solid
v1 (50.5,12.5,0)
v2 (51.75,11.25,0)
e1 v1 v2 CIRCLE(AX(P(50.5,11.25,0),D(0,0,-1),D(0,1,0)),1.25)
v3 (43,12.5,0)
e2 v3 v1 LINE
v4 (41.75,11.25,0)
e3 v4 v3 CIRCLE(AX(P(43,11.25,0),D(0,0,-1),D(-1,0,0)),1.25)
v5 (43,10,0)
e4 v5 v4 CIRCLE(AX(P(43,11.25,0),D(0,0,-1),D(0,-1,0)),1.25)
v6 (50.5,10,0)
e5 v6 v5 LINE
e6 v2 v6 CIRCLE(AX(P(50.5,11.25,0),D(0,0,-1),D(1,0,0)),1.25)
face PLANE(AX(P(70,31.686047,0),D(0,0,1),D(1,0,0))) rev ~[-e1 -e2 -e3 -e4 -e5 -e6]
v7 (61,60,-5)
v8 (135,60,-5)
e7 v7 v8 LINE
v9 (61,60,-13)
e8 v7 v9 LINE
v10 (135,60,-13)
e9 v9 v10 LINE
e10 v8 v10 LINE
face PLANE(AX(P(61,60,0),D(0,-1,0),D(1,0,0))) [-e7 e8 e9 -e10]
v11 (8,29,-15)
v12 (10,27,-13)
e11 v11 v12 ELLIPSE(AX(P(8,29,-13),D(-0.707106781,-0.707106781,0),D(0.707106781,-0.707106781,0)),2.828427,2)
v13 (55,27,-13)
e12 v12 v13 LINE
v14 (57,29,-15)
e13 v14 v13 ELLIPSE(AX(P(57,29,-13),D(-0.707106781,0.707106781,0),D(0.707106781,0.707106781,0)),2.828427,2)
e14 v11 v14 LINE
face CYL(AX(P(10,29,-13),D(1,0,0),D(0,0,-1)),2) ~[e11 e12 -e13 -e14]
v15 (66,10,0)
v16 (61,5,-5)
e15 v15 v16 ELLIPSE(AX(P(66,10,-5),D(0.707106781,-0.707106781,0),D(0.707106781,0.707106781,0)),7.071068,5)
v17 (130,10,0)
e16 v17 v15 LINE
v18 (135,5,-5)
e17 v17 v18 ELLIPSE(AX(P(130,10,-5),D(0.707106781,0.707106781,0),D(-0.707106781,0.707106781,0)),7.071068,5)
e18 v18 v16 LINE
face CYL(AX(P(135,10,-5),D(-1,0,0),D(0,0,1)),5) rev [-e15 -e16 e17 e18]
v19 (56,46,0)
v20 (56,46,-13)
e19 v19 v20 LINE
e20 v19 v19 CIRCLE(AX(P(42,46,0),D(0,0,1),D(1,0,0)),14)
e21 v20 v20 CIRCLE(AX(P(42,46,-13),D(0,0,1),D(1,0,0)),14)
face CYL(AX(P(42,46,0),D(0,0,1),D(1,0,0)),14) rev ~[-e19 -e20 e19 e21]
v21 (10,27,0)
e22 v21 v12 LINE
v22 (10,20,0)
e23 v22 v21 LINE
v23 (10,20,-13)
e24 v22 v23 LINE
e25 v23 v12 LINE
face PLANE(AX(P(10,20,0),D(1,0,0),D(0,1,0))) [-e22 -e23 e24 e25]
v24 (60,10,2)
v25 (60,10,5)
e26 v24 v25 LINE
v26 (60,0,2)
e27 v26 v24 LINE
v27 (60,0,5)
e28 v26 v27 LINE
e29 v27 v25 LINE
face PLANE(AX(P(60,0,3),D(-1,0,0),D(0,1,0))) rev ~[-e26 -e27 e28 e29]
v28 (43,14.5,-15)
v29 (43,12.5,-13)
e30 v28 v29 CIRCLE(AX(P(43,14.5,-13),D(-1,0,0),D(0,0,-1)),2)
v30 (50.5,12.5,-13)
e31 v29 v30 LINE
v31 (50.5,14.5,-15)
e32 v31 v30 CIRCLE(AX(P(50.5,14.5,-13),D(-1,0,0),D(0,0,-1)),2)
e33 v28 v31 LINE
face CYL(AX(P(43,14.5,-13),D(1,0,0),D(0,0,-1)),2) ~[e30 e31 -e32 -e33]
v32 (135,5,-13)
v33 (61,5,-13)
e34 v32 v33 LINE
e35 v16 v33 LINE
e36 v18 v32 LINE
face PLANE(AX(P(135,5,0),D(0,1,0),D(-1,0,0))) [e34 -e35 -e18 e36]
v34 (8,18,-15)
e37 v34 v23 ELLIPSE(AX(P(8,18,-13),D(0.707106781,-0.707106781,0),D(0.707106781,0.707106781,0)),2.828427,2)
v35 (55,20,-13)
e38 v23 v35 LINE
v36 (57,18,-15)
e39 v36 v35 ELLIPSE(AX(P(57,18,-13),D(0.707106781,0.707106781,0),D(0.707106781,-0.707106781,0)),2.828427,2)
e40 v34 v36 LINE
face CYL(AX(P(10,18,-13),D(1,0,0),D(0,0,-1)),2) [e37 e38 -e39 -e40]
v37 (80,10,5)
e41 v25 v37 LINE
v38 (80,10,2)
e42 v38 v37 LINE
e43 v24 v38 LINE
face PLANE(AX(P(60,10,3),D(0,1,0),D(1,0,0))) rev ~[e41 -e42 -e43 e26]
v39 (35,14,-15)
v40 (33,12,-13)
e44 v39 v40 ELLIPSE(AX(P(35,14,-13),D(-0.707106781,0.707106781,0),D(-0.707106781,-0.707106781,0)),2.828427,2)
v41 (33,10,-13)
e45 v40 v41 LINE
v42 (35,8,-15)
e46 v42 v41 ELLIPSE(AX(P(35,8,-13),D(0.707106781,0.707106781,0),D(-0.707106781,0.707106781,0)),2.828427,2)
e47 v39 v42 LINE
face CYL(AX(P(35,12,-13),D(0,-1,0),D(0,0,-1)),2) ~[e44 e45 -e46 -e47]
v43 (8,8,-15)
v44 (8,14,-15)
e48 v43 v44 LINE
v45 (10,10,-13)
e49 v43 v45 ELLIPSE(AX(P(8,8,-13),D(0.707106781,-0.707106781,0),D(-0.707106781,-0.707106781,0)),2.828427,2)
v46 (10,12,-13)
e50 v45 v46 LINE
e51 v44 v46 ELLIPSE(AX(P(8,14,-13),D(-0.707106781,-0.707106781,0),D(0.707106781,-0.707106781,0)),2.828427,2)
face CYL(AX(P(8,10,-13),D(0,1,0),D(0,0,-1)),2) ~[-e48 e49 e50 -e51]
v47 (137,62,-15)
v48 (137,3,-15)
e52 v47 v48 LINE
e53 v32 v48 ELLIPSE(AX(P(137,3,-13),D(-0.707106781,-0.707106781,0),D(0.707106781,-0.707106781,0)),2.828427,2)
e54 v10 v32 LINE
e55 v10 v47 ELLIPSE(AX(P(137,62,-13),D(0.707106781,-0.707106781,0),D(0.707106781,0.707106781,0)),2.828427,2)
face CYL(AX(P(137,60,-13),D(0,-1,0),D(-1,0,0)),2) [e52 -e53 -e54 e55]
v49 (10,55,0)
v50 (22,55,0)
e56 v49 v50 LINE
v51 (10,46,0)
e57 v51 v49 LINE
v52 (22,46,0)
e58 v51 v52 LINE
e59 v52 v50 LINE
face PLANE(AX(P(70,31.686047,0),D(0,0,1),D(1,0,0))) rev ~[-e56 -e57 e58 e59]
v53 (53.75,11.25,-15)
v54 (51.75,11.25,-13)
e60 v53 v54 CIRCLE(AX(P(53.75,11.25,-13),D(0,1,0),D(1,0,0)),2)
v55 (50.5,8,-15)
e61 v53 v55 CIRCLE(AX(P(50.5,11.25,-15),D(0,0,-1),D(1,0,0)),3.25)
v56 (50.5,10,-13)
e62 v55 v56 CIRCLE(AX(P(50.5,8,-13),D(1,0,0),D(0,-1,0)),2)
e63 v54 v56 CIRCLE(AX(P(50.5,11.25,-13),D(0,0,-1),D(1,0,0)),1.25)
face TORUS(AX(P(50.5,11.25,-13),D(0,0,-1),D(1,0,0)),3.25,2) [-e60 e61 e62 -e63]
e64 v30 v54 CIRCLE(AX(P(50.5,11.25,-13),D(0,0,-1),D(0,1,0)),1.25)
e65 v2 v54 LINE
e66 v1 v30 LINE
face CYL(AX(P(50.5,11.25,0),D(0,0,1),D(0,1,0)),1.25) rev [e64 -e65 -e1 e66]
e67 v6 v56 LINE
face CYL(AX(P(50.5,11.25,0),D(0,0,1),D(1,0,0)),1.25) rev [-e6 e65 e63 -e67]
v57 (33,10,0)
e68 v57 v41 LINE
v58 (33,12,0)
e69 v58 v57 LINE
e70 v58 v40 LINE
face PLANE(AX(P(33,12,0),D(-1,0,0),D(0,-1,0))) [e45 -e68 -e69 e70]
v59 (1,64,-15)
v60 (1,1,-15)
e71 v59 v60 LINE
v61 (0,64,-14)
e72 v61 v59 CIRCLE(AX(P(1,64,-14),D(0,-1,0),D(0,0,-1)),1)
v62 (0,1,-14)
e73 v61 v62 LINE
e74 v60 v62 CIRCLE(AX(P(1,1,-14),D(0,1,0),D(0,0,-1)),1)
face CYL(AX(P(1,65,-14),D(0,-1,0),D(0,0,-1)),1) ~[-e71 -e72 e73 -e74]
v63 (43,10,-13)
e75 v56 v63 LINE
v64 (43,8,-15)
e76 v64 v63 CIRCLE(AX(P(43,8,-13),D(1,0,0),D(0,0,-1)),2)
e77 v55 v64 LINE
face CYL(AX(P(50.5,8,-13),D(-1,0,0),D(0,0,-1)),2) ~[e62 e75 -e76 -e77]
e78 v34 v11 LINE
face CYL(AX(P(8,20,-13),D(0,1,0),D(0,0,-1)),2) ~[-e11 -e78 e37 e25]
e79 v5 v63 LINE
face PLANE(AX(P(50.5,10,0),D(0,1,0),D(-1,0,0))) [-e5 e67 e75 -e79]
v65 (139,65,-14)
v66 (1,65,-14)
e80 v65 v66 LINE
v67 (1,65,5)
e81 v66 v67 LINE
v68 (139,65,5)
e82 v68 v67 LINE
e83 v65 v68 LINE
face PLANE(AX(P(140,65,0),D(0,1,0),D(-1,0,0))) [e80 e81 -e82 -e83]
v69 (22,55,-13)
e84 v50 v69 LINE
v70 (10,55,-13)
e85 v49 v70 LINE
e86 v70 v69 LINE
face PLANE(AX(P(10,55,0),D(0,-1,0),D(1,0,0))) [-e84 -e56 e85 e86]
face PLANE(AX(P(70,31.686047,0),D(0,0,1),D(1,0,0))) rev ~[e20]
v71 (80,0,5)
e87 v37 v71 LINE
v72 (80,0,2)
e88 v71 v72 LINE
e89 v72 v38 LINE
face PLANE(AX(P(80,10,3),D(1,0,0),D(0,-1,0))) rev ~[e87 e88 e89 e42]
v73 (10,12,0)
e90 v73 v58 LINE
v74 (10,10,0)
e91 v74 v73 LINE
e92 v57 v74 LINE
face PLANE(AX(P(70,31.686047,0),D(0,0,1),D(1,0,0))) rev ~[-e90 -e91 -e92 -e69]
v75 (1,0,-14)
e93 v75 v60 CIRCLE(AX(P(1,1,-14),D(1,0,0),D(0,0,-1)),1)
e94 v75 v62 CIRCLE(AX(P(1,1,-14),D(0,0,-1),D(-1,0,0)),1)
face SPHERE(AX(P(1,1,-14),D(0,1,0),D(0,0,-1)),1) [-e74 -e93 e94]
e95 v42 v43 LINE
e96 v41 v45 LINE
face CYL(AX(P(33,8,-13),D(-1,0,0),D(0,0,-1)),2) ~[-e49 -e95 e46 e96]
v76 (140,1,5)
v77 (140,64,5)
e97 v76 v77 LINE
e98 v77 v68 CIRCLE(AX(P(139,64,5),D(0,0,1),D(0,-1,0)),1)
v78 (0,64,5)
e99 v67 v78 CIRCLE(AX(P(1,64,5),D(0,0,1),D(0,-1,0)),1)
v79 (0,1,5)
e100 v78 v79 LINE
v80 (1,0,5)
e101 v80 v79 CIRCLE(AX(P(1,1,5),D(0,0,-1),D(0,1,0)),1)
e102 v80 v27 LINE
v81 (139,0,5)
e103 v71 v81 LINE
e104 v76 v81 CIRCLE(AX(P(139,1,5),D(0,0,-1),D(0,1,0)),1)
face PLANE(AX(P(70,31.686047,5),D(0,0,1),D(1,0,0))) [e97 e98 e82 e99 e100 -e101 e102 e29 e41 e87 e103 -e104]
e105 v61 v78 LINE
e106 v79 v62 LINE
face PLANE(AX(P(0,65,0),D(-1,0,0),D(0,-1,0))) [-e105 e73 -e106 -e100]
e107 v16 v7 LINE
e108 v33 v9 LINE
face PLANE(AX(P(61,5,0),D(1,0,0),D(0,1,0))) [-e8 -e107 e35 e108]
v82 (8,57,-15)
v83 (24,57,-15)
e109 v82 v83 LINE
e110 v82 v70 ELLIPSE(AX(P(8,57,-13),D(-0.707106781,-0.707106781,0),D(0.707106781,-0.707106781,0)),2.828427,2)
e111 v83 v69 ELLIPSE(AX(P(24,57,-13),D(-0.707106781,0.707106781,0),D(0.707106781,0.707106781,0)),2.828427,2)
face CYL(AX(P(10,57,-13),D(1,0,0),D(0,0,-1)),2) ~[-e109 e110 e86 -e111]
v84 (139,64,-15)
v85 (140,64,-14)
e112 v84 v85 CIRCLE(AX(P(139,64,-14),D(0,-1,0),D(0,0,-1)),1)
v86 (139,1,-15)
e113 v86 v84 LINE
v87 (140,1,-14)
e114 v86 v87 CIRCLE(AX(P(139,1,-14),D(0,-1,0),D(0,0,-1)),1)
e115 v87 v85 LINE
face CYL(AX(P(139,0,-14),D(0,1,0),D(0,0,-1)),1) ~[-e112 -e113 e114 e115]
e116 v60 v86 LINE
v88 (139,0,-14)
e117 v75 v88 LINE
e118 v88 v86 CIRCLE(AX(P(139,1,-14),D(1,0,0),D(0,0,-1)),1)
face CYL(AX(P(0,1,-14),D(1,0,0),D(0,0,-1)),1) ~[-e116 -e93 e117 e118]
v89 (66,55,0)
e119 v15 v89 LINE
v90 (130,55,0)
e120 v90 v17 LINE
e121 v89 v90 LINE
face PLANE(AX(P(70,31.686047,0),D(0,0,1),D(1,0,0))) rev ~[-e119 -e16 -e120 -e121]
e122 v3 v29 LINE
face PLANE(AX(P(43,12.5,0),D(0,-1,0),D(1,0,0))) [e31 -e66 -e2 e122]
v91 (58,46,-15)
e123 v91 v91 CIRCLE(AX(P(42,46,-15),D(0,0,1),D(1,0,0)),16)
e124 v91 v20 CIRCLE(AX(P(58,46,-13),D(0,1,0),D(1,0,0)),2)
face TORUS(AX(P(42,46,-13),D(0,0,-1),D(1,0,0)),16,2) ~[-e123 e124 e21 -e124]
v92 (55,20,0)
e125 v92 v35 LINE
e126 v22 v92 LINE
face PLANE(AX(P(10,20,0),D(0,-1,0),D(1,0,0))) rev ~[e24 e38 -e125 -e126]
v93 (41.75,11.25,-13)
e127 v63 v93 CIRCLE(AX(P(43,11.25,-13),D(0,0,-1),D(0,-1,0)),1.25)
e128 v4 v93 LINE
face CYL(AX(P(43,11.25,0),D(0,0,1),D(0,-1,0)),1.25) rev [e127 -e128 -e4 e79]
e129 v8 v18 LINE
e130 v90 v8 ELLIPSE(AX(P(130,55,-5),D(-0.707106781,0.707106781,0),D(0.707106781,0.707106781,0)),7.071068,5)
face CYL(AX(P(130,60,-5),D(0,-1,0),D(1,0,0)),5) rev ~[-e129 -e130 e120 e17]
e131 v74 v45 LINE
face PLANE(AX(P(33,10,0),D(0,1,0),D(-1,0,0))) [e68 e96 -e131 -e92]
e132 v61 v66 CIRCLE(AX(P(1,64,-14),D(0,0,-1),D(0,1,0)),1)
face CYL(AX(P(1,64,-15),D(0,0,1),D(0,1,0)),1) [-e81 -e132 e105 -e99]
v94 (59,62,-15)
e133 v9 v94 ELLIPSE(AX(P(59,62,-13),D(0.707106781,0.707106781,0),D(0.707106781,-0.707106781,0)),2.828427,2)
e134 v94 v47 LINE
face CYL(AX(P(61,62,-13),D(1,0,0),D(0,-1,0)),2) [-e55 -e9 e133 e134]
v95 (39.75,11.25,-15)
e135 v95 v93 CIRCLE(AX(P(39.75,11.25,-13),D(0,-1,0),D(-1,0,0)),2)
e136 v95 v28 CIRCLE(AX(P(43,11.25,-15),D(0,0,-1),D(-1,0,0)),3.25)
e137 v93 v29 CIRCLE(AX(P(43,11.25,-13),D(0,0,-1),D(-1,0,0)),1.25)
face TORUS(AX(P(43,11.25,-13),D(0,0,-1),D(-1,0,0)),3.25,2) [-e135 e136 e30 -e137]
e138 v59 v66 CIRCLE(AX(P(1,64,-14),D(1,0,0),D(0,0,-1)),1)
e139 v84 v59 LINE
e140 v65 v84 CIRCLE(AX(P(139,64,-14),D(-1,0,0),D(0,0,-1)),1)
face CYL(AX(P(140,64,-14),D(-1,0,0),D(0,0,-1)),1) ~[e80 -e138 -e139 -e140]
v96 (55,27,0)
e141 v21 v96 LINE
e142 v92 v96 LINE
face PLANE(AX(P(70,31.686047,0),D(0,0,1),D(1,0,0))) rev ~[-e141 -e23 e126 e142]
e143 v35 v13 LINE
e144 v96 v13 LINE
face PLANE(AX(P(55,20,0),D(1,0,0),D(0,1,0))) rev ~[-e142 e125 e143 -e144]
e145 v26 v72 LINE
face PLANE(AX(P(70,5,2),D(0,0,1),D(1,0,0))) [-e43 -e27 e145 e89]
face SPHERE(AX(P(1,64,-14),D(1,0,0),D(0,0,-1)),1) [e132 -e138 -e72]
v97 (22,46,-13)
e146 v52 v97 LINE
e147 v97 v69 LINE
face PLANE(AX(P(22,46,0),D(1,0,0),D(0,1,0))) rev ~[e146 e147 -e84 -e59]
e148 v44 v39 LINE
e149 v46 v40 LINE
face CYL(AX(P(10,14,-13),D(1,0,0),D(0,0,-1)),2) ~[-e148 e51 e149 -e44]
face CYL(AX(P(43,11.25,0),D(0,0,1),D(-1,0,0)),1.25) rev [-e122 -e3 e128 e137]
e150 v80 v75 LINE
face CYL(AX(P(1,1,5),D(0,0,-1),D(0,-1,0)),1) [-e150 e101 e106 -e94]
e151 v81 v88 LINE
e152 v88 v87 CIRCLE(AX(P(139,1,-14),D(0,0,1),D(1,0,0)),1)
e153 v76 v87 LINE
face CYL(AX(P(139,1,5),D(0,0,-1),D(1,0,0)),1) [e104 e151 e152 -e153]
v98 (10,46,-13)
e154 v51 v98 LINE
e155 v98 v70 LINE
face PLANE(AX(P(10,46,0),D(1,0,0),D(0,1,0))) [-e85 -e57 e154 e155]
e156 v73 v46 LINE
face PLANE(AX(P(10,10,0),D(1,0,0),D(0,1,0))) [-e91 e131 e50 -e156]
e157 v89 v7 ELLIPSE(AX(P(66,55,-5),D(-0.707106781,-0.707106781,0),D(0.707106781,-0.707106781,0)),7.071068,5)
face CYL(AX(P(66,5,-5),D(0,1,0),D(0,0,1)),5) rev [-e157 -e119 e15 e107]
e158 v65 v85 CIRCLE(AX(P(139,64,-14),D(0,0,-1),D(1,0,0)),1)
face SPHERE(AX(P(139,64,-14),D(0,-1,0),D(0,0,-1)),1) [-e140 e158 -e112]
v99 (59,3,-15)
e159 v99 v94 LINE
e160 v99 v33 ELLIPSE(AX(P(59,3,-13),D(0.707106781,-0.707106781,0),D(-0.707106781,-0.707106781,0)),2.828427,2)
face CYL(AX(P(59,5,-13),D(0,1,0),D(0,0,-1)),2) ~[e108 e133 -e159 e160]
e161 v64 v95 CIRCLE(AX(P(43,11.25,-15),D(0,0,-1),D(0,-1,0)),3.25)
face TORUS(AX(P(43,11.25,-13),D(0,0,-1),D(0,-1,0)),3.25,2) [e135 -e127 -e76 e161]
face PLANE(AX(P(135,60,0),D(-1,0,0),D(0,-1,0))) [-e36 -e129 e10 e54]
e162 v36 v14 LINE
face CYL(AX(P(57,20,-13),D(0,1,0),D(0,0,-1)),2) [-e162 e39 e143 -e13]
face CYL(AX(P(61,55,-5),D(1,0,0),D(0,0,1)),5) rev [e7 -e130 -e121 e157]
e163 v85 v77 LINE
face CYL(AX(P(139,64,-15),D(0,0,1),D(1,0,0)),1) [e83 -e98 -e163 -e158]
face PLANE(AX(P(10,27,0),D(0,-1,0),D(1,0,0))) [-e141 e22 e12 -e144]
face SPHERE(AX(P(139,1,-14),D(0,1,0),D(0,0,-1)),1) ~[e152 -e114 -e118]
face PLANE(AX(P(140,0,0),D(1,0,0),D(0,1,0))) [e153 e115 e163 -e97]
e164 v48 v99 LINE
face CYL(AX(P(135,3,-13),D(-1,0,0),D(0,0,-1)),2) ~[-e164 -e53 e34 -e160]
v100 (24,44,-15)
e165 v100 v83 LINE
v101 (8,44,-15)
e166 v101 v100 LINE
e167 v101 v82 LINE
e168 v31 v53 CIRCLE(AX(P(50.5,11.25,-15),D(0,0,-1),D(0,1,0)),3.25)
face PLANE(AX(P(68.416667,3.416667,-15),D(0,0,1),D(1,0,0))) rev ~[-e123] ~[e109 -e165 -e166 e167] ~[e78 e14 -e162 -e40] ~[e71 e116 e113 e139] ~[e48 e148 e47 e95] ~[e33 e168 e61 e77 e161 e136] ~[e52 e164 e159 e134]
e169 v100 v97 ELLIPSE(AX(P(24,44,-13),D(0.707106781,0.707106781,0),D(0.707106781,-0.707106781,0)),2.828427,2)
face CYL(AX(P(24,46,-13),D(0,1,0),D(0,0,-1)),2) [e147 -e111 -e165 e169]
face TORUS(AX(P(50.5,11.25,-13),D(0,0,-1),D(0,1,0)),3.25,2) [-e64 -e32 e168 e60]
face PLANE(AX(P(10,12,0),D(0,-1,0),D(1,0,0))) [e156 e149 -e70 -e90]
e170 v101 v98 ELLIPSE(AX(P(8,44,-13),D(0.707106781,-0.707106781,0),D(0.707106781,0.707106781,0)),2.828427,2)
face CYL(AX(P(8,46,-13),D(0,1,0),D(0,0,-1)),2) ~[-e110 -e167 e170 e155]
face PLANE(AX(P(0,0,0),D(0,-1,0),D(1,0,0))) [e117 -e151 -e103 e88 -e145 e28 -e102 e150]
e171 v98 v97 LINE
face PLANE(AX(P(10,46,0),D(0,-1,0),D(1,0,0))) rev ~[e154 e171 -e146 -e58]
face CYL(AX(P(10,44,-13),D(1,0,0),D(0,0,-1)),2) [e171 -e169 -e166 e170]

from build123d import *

# Parameters (mm, degrees)
F1_DEPTH = 3
F0_W     = 20
F0_H     = 10
F2_DEPTH = 2
F3_W     = 45
F3_H     = 7
F3_R     = 14
F3_W_2   = 12
F3_H_2   = 9
F4_DEPTH = 15
F5_R     = 5
F6_R     = 2
F7_R     = 1


with BuildPart() as f1:
    # F0 (on Top) → F1 (new body)
    with BuildSketch(Plane.XY):
        Polygon((0, 65), (0, 0), (60, 0), (60, 10), (80, 10), (80, 0), (140, 0), (140, 65), align=None)
    extrude(amount=F1_DEPTH)

    # F1_face (on face) + F0 (on Top) → F2 (join)
    with BuildSketch(Plane(origin=(70, 33.1179775281, 3), x_dir=(1, 0, 0), z_dir=(0, 0, 1))):
        Polygon((-70, 31.8820224719), (-70, -33.1179775281), (-10, -33.1179775281), (-10, -23.1179775281), (10, -23.1179775281), (10, -33.1179775281), (70, -33.1179775281), (70, 31.8820224719), align=None)
    with BuildSketch(Plane.XY):
        with Locations((70, 5)):
            Rectangle(F0_W, F0_H)
    extrude(amount=F2_DEPTH)

    # F3 (on face) → F4 (join)
    with BuildSketch(Plane.XY):
        Polygon((61, 5), (61, 10), (60, 10), (60, 0), (80, 0), (80, 5), align=None)
        Polygon((61, 60), (135, 60), (135, 5), (80, 5), (80, 0), (140, 0), (140, 65), (0, 65), (0, 0), (60, 0), (60, 10), (61, 10), align=None)
        Polygon((10, 12), (33, 12), (33, 10), (11.25, 10), (10, 10), (10, 11.25), align=None, mode=Mode.SUBTRACT)
        with BuildLine():
            Line((43, 12.5), (50.5, 12.5))
            ThreePointArc((50.5, 12.5), (51.3838834765, 12.1338834765), (51.75, 11.25))
            ThreePointArc((51.75, 11.25), (51.3838834765, 10.3661165235), (50.5, 10))
            Line((50.5, 10), (43, 10))
            ThreePointArc((43, 10), (42.1161165235, 10.3661165235), (41.75, 11.25))
            ThreePointArc((41.75, 11.25), (42.1161165235, 12.1338834765), (43, 12.5))
        make_face(mode=Mode.SUBTRACT)
        with Locations((32.5, 23.5)):
            Rectangle(F3_W, F3_H, mode=Mode.SUBTRACT)
        with Locations((42, 46)):
            Circle(F3_R, mode=Mode.SUBTRACT)
        with Locations((16, 50.5)):
            Rectangle(F3_W_2, F3_H_2, mode=Mode.SUBTRACT)
    extrude(amount=-F4_DEPTH)

    # F5
    f5_edges = [f1.edges().sort_by_distance(p)[0] for p in [
        (98, 60, 0),
        (61, 32.5, 0),
        (98, 5, 0),
        (135, 32.5, 0),
    ]]
    fillet(f5_edges, radius=F5_R)

    # F6
    f6_edges = [f1.edges().sort_by_distance(p)[0] for p in [
        (98, 60, -15),
        (135, 32.5, -15),
        (98, 5, -15),
        (61, 32.5, -15),
        (28, 46, -15),
        (16, 55, -15),
        (10, 50.5, -15),
        (16, 46, -15),
        (22, 50.5, -15),
        (32.5, 27, -15),
        (10, 23.5, -15),
        (32.5, 20, -15),
        (55, 23.5, -15),
        (46.75, 12.5, -15),
        (21.5, 10, -15),
        (33, 11, -15),
        (21.5, 12, -15),
        (10, 11, -15),
    ]]
    fillet(f6_edges, radius=F6_R)

    # F7
    f7_edges = [f1.edges().sort_by_distance(p)[0] for p in [
        (140, 32.5, -15),
        (70, 65, -15),
        (0, 32.5, -15),
        (70, 0, -15),
        (0, 0, -5),
        (140, 0, -5),
        (140, 65, -5),
        (0, 65, -5),
    ]]
    fillet(f7_edges, radius=F7_R)


solid = f1.part
